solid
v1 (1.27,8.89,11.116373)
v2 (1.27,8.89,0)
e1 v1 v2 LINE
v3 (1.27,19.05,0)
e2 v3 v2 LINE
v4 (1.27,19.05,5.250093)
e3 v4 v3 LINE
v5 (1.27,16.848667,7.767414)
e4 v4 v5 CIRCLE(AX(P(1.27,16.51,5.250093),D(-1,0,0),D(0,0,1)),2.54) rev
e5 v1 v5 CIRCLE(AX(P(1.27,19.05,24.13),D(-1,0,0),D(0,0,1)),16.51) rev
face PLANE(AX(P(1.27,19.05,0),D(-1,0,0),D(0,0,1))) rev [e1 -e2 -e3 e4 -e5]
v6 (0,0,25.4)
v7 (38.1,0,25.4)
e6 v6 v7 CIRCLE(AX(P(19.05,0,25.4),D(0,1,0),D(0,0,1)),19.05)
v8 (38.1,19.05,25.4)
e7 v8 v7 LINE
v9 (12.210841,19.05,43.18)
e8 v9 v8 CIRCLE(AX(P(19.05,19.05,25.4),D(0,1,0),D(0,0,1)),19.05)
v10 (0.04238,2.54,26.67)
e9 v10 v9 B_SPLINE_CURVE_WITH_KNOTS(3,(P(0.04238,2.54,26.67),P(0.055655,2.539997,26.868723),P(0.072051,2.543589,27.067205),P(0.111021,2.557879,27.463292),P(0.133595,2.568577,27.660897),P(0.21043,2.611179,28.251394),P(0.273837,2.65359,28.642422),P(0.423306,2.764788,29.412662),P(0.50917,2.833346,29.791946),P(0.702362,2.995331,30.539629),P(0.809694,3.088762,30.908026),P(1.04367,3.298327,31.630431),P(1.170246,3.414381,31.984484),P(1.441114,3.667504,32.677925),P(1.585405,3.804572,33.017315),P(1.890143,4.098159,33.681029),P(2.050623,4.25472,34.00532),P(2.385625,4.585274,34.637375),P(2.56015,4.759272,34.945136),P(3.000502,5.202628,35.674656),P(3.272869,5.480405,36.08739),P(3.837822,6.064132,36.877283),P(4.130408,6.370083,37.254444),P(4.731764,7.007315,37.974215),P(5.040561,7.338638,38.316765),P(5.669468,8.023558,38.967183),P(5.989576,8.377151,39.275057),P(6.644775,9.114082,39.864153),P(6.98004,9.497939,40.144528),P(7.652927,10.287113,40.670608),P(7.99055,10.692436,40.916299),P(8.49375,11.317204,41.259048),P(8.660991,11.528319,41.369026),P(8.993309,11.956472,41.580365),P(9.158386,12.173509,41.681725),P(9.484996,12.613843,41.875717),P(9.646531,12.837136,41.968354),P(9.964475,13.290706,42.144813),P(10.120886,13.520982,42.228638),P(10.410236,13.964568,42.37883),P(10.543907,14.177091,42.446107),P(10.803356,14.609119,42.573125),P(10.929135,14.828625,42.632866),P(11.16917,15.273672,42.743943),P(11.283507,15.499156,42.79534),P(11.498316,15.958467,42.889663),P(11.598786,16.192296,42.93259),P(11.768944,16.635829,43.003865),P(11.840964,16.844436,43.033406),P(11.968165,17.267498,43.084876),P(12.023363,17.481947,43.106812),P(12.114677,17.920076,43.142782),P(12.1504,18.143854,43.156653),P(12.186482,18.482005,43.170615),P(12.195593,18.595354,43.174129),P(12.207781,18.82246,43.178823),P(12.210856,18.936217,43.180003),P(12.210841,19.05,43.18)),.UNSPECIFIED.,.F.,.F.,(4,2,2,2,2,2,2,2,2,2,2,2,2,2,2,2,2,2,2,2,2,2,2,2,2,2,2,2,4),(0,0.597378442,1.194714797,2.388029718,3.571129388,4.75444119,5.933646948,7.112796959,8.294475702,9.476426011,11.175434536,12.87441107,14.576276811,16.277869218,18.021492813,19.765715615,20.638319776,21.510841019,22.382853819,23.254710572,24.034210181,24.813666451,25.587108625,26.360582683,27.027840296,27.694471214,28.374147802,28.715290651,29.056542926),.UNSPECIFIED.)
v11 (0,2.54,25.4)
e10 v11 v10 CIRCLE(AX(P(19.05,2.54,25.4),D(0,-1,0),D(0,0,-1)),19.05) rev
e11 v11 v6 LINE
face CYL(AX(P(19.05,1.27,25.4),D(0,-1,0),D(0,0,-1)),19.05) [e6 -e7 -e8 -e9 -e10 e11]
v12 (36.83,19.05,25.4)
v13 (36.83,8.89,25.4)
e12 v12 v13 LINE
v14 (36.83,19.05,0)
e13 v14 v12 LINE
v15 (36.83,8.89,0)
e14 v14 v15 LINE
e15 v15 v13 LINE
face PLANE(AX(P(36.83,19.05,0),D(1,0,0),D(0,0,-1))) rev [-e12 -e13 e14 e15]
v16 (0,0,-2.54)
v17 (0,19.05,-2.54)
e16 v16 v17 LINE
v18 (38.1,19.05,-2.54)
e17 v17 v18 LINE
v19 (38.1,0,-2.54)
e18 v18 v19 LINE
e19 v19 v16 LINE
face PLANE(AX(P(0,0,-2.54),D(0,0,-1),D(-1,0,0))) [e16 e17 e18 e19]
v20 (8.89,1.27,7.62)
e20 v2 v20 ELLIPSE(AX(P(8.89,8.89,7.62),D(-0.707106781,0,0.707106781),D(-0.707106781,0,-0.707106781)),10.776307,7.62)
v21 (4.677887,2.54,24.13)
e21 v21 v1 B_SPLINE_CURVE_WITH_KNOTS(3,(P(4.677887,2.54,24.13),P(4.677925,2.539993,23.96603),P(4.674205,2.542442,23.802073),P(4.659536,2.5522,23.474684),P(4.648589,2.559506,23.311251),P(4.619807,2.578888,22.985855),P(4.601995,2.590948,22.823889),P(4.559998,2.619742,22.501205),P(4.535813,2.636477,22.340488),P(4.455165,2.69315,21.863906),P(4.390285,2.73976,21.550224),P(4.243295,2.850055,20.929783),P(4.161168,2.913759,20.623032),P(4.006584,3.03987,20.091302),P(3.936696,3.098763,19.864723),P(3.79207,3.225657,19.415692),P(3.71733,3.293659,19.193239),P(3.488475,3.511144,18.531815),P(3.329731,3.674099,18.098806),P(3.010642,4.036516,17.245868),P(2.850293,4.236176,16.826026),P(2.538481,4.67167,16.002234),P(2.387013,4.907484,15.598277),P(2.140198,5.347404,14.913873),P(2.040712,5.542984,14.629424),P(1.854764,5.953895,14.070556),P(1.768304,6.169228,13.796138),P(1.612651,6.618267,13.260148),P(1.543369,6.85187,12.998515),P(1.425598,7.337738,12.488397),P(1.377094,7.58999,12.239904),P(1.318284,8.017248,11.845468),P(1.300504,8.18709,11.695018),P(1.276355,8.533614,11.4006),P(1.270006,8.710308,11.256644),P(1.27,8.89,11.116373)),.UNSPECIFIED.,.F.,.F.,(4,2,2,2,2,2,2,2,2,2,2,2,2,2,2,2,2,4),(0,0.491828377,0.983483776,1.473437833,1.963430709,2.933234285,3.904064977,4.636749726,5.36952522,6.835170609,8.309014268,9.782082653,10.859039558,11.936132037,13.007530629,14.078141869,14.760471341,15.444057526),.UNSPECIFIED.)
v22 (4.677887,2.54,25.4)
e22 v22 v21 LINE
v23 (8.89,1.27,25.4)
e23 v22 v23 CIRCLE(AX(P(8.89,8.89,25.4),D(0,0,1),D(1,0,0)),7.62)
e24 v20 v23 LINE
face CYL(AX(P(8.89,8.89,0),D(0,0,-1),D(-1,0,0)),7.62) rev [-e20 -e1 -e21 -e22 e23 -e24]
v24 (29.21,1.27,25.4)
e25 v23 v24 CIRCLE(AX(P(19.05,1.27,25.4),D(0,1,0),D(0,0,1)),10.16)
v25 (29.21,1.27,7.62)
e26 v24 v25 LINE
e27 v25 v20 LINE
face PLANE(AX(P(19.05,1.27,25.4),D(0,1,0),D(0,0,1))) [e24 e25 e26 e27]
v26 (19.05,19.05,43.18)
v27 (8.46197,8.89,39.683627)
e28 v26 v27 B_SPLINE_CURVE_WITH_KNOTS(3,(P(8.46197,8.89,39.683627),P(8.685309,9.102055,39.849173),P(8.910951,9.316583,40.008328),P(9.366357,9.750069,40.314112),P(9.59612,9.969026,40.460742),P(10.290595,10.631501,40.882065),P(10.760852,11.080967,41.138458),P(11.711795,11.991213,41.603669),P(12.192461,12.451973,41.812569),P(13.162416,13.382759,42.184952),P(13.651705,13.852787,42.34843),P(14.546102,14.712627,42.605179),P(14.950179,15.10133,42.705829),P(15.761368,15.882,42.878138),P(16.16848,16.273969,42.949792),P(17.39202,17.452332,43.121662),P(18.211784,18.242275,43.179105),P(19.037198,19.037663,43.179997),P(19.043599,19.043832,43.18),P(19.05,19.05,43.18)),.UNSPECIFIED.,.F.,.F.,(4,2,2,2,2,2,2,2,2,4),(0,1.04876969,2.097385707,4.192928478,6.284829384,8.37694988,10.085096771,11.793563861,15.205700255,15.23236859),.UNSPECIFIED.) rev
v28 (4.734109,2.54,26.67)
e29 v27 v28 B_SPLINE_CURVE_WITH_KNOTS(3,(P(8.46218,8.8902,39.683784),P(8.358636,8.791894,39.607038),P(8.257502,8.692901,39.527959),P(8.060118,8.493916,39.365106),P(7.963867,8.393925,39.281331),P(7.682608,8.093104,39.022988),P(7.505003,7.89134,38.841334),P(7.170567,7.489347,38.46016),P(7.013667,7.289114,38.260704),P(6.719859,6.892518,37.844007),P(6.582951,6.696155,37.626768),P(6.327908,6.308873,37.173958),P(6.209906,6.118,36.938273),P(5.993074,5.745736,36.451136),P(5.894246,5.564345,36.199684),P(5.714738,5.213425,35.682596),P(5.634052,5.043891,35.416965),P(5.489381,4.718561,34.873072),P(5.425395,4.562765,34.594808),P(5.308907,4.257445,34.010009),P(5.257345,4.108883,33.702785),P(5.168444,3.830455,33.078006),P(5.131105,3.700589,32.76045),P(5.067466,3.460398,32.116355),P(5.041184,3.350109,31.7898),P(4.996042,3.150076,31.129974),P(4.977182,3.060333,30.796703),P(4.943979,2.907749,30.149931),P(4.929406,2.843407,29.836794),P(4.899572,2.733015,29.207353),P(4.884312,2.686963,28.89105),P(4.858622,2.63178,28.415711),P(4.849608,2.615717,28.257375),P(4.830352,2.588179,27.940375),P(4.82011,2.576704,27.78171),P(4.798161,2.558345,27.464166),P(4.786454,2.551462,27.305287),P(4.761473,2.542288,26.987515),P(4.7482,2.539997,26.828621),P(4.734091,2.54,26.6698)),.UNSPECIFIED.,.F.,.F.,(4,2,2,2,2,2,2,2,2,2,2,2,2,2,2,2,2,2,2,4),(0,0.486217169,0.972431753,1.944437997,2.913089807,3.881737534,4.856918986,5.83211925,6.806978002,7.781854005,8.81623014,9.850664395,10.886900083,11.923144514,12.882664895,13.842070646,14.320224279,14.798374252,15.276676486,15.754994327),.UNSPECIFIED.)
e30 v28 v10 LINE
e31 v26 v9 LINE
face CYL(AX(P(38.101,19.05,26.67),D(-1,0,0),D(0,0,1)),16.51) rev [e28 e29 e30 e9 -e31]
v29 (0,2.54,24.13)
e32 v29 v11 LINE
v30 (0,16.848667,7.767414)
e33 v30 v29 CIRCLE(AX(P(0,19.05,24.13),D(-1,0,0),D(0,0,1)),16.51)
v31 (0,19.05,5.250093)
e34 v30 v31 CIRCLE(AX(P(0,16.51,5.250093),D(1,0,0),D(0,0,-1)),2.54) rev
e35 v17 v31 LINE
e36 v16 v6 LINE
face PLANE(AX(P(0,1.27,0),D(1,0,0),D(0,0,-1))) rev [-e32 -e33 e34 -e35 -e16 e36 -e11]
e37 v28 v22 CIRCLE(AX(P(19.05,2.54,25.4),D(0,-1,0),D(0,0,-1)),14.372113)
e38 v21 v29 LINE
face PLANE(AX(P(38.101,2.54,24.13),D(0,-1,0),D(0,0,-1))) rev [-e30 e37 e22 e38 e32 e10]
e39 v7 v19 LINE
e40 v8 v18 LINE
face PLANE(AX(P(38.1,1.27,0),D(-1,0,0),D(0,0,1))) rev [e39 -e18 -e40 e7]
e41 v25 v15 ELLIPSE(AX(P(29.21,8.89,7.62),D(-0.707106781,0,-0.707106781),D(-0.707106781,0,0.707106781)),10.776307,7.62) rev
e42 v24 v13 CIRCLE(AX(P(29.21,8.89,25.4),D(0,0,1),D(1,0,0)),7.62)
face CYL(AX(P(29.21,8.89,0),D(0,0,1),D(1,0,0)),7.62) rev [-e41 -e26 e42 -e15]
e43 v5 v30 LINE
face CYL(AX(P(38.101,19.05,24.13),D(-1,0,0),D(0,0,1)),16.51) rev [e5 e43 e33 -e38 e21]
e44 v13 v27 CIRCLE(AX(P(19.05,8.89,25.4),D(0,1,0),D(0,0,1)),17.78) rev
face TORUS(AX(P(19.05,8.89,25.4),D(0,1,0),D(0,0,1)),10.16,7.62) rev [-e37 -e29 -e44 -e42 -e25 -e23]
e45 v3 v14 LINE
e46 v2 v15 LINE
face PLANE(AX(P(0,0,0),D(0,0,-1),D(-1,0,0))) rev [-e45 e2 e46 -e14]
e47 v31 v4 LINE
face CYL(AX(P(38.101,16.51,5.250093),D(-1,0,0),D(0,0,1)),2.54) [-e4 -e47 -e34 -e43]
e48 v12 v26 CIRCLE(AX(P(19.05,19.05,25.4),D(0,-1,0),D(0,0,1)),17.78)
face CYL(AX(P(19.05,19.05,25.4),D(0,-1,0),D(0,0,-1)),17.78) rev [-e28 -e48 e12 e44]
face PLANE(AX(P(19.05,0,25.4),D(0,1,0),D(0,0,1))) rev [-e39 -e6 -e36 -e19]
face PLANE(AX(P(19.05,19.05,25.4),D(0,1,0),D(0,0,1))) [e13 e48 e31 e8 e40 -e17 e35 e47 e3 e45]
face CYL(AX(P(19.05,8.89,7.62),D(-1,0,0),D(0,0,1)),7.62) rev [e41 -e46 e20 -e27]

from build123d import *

# Parameters (mm, degrees)
BOSS_EXTRUDE1_DEPTH = 1.27
BOSS_EXTRUDE3_DEPTH = 17.78
SKETCH5_W           = 38.1
SKETCH5_H           = 19.05
BOSS_EXTRUDE4_DEPTH = 2.54
FILLET1_R           = 7.62
CUT_EXTRUDE5_REACH  = 40.1
FILLET3_R           = 2.54


with BuildPart() as part:
    # Sketch1 → Boss-Extrude1 (new body)
    with BuildSketch(Plane(origin=(0, 0, 0), x_dir=(1, 0, 0), z_dir=(0, 1, 0))):
        with BuildLine():
            Line((0, 0), (38.1, 0))
            Line((38.1, 0), (38.1, -25.4))
            ThreePointArc((38.1, -25.4), (19.05, -44.45), (0, -25.4))
            Line((0, -25.4), (0, 0))
        make_face()
    extrude(amount=BOSS_EXTRUDE1_DEPTH)

    # Sketch3 → Boss-Extrude3 (add)
    with BuildSketch(Plane(origin=(0, 1.27, 0), x_dir=(1, 0, 0), z_dir=(0, 1, 0))):
        with BuildLine():
            Line((0, 0), (0, -25.4))
            ThreePointArc((0, -25.4), (19.05, -44.45), (38.1, -25.4))
            Line((38.1, -25.4), (38.1, 0))
            Line((38.1, 0), (36.83, 0))
            Line((36.83, 0), (36.83, -25.4))
            ThreePointArc((36.83, -25.4), (19.05, -43.18), (1.27, -25.4))
            Line((1.27, -25.4), (1.27, 0))
            Line((1.27, 0), (0, 0))
        make_face()
    extrude(amount=BOSS_EXTRUDE3_DEPTH)

    # Sketch5 → Boss-Extrude4 (add)
    with BuildSketch(Plane(origin=(0, 0, 0), x_dir=(-1, 0, 0), z_dir=(0, 0, -1))):
        with Locations((-19.05, 9.525)):
            Rectangle(SKETCH5_W, SKETCH5_H)
    extrude(amount=BOSS_EXTRUDE4_DEPTH)

    # Fillet1
    fillet1_edges = [part.edges().sort_by_distance(p)[0] for p in [
        (19.05, 1.27, 0),
        (36.83, 1.27, 12.7),
        (19.05, 1.27, 43.18),
        (1.27, 1.27, 12.7),
    ]]
    fillet(fillet1_edges, radius=FILLET1_R)

    # Sketch9 → Cut-Extrude5 (cut, up to next)
    with BuildSketch(Plane.ZY, mode=Mode.PRIVATE) as cut_extrude5_sk1:
        with BuildLine():
            Line((24.13, 35.56), (26.67, 35.56))
            ThreePointArc((26.67, 35.56), (43.18, 19.05), (26.67, 2.54))
            Line((26.67, 2.54), (24.13, 2.54))
            ThreePointArc((24.13, 2.54), (7.62, 19.05), (24.13, 35.56))
        make_face()
    cut_extrude5_tool1 = extrude(cut_extrude5_sk1.sketch, amount=-CUT_EXTRUDE5_REACH, mode=Mode.PRIVATE) & part.part
    add(cut_extrude5_tool1.solids().sort_by_distance((0, 19.05, 25.4))[0], mode=Mode.SUBTRACT)

    # Fillet3
    fillet3_edges = [part.edges().sort_by_distance(p)[0] for p in [
        (0.635, 19.05, 7.62),
    ]]
    fillet(fillet3_edges, radius=FILLET3_R)


solid = part.part
